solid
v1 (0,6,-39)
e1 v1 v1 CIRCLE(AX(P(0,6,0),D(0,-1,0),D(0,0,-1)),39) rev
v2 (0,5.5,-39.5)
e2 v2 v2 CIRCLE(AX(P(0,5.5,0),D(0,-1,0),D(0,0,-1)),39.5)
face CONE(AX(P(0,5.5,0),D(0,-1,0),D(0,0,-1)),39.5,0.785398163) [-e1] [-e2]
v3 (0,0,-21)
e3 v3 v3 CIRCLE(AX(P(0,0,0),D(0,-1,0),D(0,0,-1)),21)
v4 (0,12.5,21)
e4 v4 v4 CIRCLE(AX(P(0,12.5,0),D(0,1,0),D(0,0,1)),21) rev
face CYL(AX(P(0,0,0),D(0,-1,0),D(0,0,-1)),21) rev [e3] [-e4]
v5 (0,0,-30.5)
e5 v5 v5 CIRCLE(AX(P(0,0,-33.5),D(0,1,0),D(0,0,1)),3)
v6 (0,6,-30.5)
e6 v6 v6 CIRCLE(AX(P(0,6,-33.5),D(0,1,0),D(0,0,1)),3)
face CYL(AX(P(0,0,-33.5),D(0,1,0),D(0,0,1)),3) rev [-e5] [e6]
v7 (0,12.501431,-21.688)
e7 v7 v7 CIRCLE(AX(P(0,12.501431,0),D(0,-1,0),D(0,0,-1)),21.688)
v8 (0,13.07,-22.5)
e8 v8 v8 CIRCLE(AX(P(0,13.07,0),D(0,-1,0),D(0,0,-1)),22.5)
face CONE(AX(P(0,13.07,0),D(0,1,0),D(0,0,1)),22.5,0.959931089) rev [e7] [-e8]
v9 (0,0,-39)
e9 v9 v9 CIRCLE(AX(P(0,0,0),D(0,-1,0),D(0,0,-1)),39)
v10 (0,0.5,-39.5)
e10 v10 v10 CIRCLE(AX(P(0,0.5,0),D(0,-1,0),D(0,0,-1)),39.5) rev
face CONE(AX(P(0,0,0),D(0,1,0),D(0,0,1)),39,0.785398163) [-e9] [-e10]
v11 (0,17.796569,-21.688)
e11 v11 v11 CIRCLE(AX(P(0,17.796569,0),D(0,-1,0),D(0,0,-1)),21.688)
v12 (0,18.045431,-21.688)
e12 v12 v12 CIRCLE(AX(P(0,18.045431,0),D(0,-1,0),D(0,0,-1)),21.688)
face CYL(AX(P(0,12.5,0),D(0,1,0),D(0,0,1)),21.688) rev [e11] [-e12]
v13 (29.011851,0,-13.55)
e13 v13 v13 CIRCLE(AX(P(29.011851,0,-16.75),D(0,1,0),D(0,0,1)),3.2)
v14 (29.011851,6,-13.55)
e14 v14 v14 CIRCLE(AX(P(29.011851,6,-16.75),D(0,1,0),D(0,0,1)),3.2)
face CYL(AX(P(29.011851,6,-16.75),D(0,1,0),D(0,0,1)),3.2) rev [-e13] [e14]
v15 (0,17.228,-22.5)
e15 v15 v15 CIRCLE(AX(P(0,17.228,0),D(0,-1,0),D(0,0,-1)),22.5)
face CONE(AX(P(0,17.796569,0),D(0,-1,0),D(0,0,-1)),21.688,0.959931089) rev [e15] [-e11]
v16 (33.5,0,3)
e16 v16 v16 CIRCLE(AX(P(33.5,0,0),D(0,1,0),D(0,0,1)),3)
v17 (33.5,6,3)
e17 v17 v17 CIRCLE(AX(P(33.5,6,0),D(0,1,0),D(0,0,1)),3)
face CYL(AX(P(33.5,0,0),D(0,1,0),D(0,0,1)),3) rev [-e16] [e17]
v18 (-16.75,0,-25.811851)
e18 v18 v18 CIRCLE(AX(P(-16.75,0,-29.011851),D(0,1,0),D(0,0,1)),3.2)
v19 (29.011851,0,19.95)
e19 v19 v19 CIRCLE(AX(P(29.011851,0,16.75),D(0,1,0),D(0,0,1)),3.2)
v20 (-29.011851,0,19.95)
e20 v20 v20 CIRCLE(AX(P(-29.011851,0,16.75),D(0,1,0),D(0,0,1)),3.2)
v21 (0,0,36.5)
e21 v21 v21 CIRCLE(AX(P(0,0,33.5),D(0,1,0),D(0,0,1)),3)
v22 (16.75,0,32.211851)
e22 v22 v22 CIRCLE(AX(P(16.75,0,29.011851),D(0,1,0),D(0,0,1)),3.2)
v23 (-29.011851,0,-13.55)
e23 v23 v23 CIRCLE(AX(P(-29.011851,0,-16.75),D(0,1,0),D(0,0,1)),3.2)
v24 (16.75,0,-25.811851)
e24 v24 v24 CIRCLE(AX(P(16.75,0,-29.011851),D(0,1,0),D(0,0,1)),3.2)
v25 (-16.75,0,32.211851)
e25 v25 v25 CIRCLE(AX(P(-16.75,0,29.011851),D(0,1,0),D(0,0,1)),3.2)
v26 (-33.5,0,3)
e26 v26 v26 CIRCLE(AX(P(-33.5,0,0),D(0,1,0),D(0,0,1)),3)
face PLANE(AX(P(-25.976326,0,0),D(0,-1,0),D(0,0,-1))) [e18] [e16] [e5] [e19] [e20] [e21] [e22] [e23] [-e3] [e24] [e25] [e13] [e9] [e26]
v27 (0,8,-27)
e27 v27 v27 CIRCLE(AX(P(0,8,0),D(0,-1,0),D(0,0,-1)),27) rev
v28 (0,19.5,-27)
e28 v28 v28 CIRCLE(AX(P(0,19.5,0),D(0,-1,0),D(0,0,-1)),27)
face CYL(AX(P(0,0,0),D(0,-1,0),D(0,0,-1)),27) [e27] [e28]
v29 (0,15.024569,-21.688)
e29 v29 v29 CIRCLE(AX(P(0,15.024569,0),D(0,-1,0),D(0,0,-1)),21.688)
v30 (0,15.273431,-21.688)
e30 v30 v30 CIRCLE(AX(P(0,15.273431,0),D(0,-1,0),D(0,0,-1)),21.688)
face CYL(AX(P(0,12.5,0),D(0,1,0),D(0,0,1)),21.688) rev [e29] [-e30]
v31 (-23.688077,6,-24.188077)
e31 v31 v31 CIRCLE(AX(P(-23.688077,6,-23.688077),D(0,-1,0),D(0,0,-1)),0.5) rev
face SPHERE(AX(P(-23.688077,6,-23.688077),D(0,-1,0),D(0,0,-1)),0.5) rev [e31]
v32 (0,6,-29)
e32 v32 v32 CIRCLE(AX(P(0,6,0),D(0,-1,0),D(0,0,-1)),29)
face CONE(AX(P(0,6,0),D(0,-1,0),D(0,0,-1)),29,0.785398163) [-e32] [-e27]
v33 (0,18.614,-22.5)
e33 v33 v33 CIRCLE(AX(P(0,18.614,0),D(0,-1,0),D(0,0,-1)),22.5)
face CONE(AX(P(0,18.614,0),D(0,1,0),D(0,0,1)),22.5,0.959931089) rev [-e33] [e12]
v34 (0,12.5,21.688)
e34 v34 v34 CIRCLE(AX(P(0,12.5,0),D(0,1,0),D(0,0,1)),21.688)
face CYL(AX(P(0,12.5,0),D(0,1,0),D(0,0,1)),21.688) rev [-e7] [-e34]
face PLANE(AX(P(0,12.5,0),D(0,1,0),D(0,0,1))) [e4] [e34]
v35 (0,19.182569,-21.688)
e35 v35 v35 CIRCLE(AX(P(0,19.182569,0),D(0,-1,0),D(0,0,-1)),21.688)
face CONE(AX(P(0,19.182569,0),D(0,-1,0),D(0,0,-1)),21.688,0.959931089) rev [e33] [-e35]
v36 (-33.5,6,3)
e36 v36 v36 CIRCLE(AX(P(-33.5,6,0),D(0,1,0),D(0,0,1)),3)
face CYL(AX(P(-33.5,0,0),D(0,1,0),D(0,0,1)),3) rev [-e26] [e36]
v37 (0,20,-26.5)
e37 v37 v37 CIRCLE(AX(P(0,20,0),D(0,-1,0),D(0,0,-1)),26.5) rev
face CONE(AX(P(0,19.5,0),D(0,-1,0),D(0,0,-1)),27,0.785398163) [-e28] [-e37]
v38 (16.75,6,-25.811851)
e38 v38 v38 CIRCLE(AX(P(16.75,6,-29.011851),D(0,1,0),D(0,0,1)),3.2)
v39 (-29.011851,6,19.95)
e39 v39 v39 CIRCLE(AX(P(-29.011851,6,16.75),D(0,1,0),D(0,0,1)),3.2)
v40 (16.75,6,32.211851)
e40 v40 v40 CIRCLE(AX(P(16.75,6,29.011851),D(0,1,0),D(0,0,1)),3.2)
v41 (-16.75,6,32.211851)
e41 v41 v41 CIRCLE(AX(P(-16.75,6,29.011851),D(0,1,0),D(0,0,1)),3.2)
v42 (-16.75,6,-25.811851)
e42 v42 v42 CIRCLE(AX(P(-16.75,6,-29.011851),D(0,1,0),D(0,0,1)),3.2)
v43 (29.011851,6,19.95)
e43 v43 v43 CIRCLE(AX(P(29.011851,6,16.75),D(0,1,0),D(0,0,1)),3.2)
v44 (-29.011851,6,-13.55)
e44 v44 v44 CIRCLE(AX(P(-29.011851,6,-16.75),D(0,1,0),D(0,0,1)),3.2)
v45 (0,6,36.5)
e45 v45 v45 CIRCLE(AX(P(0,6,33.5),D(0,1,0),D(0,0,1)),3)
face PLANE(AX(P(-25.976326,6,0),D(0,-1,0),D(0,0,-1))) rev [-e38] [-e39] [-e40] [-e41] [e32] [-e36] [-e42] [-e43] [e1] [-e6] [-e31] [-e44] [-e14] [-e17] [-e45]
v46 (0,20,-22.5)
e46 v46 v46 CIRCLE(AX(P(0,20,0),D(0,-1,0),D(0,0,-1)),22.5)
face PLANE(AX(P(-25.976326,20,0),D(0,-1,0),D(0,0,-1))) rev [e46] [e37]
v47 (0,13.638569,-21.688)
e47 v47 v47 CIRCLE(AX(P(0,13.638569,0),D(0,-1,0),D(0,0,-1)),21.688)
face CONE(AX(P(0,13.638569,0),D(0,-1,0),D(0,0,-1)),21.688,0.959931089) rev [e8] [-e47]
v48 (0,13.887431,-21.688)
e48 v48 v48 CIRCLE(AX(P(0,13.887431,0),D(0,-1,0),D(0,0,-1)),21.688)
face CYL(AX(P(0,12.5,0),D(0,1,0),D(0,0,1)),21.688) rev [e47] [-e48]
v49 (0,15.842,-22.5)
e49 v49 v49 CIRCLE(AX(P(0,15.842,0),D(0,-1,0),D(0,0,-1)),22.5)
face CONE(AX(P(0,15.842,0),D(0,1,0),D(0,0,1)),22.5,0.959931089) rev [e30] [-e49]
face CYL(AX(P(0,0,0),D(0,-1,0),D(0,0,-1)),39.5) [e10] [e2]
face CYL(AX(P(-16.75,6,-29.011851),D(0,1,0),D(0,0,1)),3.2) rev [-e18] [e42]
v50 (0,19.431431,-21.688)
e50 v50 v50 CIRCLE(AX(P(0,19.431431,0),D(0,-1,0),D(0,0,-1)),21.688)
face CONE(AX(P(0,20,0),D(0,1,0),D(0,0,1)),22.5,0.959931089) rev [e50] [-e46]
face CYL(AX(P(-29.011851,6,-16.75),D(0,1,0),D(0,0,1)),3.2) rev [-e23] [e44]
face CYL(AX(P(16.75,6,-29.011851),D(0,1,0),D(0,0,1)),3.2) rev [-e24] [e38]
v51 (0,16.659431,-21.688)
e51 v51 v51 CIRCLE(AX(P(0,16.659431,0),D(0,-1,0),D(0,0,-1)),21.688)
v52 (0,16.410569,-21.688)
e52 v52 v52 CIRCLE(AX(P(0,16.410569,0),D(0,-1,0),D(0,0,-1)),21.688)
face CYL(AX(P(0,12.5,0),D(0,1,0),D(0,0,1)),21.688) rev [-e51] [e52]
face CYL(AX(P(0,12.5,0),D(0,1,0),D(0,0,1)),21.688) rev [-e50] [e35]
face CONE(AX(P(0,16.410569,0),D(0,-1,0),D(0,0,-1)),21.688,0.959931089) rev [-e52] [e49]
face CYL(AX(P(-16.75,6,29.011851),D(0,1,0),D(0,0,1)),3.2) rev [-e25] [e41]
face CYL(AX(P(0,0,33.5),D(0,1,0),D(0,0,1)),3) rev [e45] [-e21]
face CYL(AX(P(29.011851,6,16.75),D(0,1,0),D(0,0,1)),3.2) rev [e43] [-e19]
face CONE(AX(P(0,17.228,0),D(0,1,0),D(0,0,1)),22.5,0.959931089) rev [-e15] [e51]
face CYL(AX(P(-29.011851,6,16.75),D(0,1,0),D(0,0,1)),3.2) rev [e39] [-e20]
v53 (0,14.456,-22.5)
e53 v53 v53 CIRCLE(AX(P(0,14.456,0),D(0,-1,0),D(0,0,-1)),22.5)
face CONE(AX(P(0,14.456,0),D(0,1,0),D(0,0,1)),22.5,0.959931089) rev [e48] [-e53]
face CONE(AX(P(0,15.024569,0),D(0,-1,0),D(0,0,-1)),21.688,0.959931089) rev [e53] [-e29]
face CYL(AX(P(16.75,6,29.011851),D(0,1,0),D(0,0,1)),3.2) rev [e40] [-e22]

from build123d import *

# Parameters (mm, degrees)
CHAMFER_1_SIZE         = 2
CHAMFER_2_SIZE         = 0.5
HOLE_WIZARD_M61_D      = 6.4
SKETCH_2_R             = 3
CUT_EXTRUDE_1_DEPTH    = 7
SKETCH_4_R             = 21.688
CUT_EXTRUDE_2_DEPTH    = 7.5
PATTERN_LINEAR_1_COUNT = 6
PATTERN_LINEAR_1_PITCH = 1.386


with BuildPart() as part:
    # Эскиз1 → Повернуть1 (revolve)
    with BuildSketch(Plane.XY):
        Polygon((-39.5, 0), (-21, 0), (-21, 20), (-27, 20), (-27, 6), (-39.5, 6), align=None)
    revolve(axis=Axis((0, 0, 0), (0, 1, 0)))

    # Фаска1
    chamfer_1_edges = [part.edges().sort_by_distance(p)[0] for p in [
        (27, 6, 0),
    ]]
    chamfer(chamfer_1_edges, length=CHAMFER_1_SIZE)

    # Фаска2
    chamfer_2_edges = [part.edges().sort_by_distance(p)[0] for p in [
        (39.5, 6, 0),
        (27, 20, 0),
        (39.5, 0, 0),
    ]]
    chamfer(chamfer_2_edges, length=CHAMFER_2_SIZE)

    # Отверстие с зазором M61 (through all)
    with Locations(Plane(origin=(-16.75, 6, 29.011851027), x_dir=(0, 0, 1), z_dir=(0, 1, 0))):
        with Locations((0, 0), (-45.761851027, -12.261851027), (-58.023702054, 33.5), (-12.261851027, 45.761851027), (-12.261851027, -12.261851027), (-58.023702054, 0), (-45.761851027, 45.761851027), (0, 33.5)):
            Hole(HOLE_WIZARD_M61_D / 2)

    # Эскиз2 → Вытянуть1 (cut, through all)
    with BuildSketch(Plane(origin=(0, 6, 0), x_dir=(1, 0, 0), z_dir=(0, 1, 0))):
        with Locations((-33.5, 0)):
            Circle(SKETCH_2_R)
        with Locations((0, 33.5)):
            Circle(SKETCH_2_R)
        with Locations((33.5, 0)):
            Circle(SKETCH_2_R)
        with Locations((0, -33.5)):
            Circle(SKETCH_2_R)
    extrude(amount=-CUT_EXTRUDE_1_DEPTH, mode=Mode.SUBTRACT)

    # Эскиз6 → Вырез-Повернуть2 (revolve, cut)
    with BuildSketch(Plane(origin=(0, 6, 0), x_dir=(1, 0, 0), z_dir=(0, 1, 0))):
        with BuildLine():
            Line((-24.04163056, 24.04163056), (-23.334523779, 23.334523779))
            ThreePointArc((-23.334523779, 23.334523779), (-24.04163056, 23.334523779), (-24.04163056, 24.04163056))
        make_face()
    revolve(axis=Axis((0, 6, 0), (-0.707106781, 0, -0.707106781)), mode=Mode.SUBTRACT)

    # Эскиз4 → Вытянуть2 (cut)
    with BuildSketch(Plane(origin=(0, 20, 0), x_dir=(1, 0, 0), z_dir=(0, 1, 0))):
        Circle(SKETCH_4_R)
    extrude(amount=-CUT_EXTRUDE_2_DEPTH, mode=Mode.SUBTRACT)

    # Эскиз5 → Вырез-Повернуть1 (revolve, cut)
    with BuildSketch(Plane.XY):
        Polygon((-22.5, 20), (-21.688, 20.568568521), (-15, 20.568568521), (-15, 19.431431479), (-21.688, 19.431431479), align=None)
    cut_revolve_1 = revolve(axis=Axis((0, 0, 0), (0, 1, 0)), mode=Mode.SUBTRACT)

    # Линейный массив1: Вырез-Повернуть1 ×6
    with Locations(*[(0, -i * PATTERN_LINEAR_1_PITCH, 0) for i in range(1, PATTERN_LINEAR_1_COUNT)]):
        add(cut_revolve_1, mode=Mode.SUBTRACT)


solid = part.part
